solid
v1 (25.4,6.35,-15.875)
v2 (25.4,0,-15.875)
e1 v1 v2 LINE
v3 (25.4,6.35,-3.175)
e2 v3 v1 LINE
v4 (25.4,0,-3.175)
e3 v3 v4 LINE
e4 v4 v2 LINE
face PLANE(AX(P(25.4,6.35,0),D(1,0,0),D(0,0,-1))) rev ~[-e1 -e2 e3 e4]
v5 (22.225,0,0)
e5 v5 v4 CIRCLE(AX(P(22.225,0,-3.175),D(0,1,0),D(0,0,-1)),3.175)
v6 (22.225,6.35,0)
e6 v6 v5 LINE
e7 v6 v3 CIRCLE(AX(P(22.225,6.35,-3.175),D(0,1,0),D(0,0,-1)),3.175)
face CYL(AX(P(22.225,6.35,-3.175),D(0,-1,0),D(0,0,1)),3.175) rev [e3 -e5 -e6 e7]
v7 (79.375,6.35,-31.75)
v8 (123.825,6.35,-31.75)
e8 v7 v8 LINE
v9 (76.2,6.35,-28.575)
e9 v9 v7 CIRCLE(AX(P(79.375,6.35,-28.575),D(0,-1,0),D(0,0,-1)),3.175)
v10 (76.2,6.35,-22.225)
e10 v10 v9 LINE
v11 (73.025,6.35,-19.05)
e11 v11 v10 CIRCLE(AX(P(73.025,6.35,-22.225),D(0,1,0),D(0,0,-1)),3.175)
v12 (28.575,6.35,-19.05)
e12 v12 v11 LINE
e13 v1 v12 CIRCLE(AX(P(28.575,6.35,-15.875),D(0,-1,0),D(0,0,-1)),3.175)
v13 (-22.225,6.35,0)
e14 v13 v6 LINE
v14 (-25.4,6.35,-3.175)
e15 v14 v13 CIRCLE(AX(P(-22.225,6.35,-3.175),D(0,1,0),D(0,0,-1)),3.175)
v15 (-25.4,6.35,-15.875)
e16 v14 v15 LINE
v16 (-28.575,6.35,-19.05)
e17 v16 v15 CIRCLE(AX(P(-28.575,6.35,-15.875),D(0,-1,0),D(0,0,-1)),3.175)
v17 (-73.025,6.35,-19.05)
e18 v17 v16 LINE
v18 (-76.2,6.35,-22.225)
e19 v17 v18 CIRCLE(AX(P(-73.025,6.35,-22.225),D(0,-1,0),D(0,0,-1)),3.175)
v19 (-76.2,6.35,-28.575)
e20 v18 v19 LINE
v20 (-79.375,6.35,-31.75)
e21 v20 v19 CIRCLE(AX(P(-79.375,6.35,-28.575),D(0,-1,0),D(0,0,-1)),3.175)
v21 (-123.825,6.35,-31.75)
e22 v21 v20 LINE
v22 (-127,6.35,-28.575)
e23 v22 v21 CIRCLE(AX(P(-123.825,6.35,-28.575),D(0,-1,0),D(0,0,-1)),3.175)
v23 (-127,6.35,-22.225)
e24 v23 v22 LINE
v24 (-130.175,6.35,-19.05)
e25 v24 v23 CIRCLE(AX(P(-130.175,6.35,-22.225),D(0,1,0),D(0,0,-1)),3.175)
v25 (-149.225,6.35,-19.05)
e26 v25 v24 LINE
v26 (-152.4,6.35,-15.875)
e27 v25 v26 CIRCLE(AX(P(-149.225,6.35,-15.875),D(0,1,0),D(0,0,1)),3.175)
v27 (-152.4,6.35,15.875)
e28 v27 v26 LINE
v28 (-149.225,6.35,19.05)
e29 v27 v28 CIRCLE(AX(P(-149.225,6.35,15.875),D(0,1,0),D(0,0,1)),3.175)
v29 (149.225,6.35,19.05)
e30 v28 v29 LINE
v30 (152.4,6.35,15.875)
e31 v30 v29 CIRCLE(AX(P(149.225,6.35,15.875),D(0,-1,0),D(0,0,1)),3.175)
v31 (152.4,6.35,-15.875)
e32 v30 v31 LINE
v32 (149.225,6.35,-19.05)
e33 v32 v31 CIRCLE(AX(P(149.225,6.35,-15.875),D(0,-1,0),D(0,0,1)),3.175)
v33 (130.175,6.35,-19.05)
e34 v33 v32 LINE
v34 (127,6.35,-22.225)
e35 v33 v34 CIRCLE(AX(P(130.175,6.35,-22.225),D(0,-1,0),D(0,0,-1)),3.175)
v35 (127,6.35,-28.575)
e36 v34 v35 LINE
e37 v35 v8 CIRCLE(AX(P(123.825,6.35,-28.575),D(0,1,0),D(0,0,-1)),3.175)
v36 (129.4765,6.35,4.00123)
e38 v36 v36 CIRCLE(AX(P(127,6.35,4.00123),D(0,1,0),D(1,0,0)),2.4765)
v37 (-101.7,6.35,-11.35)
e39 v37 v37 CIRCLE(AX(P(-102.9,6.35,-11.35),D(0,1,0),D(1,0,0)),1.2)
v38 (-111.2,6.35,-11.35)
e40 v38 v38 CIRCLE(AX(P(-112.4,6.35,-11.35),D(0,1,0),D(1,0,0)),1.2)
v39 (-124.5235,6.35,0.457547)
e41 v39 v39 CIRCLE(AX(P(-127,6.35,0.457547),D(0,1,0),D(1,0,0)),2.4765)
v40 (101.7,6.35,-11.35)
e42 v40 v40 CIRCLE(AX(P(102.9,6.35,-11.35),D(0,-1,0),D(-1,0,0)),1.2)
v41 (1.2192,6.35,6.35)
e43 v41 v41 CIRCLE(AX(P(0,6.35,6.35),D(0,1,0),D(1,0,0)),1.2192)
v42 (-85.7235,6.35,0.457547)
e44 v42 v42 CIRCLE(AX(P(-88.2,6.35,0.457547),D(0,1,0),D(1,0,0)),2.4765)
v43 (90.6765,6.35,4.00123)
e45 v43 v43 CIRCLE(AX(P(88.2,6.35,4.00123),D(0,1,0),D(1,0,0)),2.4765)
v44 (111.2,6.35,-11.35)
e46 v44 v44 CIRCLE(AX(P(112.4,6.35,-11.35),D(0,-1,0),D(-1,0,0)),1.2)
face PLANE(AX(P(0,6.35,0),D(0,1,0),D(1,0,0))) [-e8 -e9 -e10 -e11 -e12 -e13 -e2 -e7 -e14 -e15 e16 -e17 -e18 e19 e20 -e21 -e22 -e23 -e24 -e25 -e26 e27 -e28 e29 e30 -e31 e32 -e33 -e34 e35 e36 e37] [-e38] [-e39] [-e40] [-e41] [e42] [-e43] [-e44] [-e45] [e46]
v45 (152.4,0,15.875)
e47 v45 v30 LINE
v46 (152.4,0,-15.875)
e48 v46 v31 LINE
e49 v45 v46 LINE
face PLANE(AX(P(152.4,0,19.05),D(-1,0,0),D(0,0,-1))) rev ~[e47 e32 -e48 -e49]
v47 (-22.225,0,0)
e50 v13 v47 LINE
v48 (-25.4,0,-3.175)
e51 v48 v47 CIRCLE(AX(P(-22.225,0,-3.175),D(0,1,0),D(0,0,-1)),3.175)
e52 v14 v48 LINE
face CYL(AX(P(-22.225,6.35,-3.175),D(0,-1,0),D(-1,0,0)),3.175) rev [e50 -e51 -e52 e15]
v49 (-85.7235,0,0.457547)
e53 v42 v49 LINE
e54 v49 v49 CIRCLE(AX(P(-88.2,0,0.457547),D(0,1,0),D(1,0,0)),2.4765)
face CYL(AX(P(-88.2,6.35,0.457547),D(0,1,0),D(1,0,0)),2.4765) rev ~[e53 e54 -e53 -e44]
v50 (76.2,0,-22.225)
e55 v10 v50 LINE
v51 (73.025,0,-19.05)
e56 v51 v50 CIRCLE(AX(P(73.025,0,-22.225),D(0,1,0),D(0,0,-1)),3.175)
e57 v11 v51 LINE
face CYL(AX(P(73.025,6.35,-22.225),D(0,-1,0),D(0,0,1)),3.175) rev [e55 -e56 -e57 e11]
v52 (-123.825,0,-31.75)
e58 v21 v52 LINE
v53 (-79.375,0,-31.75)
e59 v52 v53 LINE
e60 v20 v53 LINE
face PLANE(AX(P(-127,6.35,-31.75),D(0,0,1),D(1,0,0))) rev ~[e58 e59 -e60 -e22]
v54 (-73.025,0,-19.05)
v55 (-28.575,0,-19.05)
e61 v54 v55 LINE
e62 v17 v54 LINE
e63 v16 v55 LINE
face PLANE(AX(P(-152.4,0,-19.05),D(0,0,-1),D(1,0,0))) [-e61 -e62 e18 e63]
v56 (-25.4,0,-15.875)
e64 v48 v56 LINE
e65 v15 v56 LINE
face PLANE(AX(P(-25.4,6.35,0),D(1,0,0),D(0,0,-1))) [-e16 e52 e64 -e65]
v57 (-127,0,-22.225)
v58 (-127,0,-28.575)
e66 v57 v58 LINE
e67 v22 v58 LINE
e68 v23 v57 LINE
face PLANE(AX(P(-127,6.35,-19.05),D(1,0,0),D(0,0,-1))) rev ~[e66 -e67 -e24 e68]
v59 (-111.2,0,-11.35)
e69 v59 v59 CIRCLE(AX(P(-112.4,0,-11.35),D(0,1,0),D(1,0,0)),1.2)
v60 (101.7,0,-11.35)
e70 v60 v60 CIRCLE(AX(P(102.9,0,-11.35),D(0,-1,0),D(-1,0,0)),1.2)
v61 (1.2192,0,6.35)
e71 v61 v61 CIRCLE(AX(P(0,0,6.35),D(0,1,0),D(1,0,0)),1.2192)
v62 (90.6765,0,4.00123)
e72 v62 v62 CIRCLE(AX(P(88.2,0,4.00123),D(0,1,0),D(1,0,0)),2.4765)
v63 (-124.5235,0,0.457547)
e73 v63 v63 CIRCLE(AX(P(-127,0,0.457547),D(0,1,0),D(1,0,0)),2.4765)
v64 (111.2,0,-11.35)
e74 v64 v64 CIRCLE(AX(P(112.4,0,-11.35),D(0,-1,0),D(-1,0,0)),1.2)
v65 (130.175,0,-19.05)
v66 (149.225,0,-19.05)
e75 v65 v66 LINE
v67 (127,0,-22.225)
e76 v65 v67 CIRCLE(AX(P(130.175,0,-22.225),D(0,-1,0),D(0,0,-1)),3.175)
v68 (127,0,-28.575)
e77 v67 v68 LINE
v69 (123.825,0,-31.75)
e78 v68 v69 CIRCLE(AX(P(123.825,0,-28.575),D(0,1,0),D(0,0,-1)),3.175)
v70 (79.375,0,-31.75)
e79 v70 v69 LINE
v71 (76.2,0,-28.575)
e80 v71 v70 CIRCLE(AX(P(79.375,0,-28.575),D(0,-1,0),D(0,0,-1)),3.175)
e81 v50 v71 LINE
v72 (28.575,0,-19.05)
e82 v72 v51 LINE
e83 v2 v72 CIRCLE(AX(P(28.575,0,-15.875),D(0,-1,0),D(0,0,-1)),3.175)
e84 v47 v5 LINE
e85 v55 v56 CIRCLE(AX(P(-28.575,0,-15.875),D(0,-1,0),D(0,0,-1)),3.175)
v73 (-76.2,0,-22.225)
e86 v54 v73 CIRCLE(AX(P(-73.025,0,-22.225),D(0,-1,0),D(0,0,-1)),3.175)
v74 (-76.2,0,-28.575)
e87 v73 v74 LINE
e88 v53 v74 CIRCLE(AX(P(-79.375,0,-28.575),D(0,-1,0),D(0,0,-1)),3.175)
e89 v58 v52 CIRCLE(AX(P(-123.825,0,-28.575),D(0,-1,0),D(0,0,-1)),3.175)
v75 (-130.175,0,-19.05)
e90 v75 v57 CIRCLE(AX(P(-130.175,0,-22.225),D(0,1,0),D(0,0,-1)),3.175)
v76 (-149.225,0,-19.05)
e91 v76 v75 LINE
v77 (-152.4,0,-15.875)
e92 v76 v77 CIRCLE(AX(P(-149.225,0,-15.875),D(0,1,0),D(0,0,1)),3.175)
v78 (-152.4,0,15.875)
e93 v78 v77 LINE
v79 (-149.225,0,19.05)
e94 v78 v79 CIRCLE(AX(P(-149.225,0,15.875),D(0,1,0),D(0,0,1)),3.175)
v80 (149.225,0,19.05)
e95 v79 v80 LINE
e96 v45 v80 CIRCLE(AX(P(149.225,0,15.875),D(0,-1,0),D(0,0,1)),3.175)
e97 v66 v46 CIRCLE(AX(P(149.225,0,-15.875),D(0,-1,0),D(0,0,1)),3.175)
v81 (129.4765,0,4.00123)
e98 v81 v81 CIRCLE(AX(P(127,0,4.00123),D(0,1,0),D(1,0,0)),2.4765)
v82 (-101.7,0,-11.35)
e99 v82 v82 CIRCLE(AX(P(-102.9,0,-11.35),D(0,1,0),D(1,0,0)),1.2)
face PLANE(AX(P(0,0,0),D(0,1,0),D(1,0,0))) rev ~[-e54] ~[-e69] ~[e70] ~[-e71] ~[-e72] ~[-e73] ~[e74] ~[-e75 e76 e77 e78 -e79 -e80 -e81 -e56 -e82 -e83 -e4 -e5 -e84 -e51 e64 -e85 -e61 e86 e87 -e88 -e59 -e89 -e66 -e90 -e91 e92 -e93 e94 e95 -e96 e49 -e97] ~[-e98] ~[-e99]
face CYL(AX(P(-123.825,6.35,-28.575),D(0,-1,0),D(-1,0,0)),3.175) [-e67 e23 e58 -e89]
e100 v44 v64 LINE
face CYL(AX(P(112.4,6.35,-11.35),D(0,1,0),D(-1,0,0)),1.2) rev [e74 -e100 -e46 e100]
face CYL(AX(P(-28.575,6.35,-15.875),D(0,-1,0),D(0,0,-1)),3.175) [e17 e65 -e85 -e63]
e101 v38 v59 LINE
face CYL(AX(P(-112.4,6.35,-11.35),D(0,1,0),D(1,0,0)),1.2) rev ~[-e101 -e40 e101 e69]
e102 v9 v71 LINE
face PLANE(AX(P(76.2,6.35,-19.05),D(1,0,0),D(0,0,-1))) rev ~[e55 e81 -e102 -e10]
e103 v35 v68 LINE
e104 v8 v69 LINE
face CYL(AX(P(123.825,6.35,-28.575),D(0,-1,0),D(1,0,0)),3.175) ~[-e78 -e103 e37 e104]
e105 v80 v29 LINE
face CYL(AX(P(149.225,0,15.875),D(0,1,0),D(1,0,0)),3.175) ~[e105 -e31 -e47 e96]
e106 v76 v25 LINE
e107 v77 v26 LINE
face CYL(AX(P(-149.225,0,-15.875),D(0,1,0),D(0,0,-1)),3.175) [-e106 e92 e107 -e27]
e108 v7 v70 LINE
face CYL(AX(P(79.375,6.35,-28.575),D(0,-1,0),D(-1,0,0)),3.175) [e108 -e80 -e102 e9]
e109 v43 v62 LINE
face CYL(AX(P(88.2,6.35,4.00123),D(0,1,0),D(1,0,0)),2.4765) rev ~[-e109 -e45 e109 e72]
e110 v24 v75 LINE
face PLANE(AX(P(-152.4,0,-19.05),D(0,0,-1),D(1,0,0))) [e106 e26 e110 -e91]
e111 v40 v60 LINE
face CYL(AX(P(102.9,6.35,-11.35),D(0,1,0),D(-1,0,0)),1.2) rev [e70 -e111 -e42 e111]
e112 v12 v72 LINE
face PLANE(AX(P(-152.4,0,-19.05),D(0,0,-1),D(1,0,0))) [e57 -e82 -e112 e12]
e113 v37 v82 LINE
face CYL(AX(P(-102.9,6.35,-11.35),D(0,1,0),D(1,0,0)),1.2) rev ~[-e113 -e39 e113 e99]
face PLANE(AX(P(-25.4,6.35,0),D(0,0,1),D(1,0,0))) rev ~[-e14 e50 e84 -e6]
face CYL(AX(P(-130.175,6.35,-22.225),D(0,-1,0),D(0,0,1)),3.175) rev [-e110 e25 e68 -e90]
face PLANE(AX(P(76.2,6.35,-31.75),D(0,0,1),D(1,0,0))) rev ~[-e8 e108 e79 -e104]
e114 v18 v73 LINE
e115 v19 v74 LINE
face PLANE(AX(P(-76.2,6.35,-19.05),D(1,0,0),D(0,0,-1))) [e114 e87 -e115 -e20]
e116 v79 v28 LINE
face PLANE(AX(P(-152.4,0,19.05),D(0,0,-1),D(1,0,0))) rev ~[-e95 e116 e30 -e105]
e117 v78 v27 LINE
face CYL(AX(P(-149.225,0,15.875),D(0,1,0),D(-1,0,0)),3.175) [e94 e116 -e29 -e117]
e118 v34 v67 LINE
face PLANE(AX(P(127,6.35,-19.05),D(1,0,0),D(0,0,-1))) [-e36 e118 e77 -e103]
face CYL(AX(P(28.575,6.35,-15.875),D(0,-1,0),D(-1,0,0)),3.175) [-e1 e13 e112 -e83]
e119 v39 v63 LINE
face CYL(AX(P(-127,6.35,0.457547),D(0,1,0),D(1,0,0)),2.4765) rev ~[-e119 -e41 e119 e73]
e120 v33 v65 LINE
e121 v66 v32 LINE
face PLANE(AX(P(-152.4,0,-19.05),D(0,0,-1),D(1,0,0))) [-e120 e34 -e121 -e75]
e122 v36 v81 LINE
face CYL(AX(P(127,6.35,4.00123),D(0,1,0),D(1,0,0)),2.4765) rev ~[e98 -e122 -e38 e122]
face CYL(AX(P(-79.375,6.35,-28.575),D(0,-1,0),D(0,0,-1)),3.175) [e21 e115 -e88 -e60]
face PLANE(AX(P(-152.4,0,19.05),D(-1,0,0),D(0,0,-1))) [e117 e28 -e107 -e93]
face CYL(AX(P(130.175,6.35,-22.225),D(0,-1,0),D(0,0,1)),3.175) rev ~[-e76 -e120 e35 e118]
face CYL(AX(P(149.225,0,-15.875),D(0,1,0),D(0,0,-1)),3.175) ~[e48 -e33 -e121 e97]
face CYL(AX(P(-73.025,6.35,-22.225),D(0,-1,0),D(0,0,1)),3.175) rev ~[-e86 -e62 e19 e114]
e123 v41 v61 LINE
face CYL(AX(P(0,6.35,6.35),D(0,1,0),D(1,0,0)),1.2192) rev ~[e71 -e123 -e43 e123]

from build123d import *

# Parameters (mm, degrees)
SKETCH1_W           = 304.8
SKETCH1_H           = 38.1
BOSS_EXTRUDE1_DEPTH = 6.35
SKETCH5_W           = 50.8
SKETCH5_H           = 12.7
BOSS_EXTRUDE2_DEPTH = 6.35
FILLET1_R           = 3.175
FILLET2_R           = 3.175
SKETCH2_R           = 1.4732
CUT_EXTRUDE1_DEPTH  = 6.35
SKETCH3_R           = 1.2
CUT_EXTRUDE2_DEPTH  = 6.35
SKETCH4_R           = 2.4765
CUT_EXTRUDE3_DEPTH  = 6.35
SKETCH6_W           = 50.8
SKETCH6_H           = 19.05
CUT_EXTRUDE4_DEPTH  = 6.35
FILLET3_R           = 3.175
SKETCH7_R           = 1.2192
CUT_EXTRUDE5_DEPTH  = 6.35


with BuildPart() as part:
    # Sketch1 → Boss-Extrude1 (new body)
    with BuildSketch(Plane(origin=(0, 0, 0), x_dir=(1, 0, 0), z_dir=(0, 1, 0))):
        Rectangle(SKETCH1_W, SKETCH1_H)
    extrude(amount=BOSS_EXTRUDE1_DEPTH)

    # Sketch5 → Boss-Extrude2 (add)
    with BuildSketch(Plane(origin=(0, 6.35, 0), x_dir=(1, 0, 0), z_dir=(0, 1, 0))):
        with Locations((-101.6, 25.4)):
            Rectangle(SKETCH5_W, SKETCH5_H)
        with Locations((101.6, 25.4)):
            Rectangle(SKETCH5_W, SKETCH5_H)
    extrude(amount=-BOSS_EXTRUDE2_DEPTH)

    # Fillet1
    fillet1_edges = [part.edges().sort_by_distance(p)[0] for p in [
        (127, 3.175, -19.05),
        (127, 3.175, -31.75),
        (76.2, 3.175, -31.75),
        (76.2, 3.175, -19.05),
        (-76.2, 3.175, -19.05),
        (-76.2, 3.175, -31.75),
        (-127, 3.175, -31.75),
        (-127, 3.175, -19.05),
    ]]
    fillet(fillet1_edges, radius=FILLET1_R)

    # Fillet2
    fillet2_edges = [part.edges().sort_by_distance(p)[0] for p in [
        (152.4, 3.175, -19.05),
        (152.4, 3.175, 19.05),
        (-152.4, 3.175, 19.05),
        (-152.4, 3.175, -19.05),
    ]]
    fillet(fillet2_edges, radius=FILLET2_R)

    # Sketch2 → Cut-Extrude1 (cut)
    with BuildSketch(Plane(origin=(0, 6.35, 0), x_dir=(1, 0, 0), z_dir=(0, 1, 0))):
        with Locations((0, 12.7)):
            Circle(SKETCH2_R)
    extrude(amount=-CUT_EXTRUDE1_DEPTH, mode=Mode.SUBTRACT)

    # Sketch3 → Cut-Extrude2 (cut)
    with BuildSketch(Plane(origin=(0, 6.35, 0), x_dir=(1, 0, 0), z_dir=(0, 1, 0))):
        with Locations((-112.4, 11.35)):
            Circle(SKETCH3_R)
        with Locations((-102.9, 11.35)):
            Circle(SKETCH3_R)
    cut_extrude2 = extrude(amount=-CUT_EXTRUDE2_DEPTH, mode=Mode.SUBTRACT)

    # Mirror1: Cut-Extrude2 across plane
    add(cut_extrude2.mirror(Plane(origin=(0, 0, 0), x_dir=(0, 0, 1), z_dir=(1, 0, 0))), mode=Mode.SUBTRACT)

    # Sketch4 → Cut-Extrude3 (cut)
    with BuildSketch(Plane(origin=(0, 6.35, 0), x_dir=(1, 0, 0), z_dir=(0, 1, 0))):
        with Locations((-127, -0.457547173)):
            Circle(SKETCH4_R)
        with Locations((-88.2, -0.457547173)):
            Circle(SKETCH4_R)
        with Locations((88.2, -4.001229652)):
            Circle(SKETCH4_R)
        with Locations((127, -4.001229652)):
            Circle(SKETCH4_R)
    extrude(amount=-CUT_EXTRUDE3_DEPTH, mode=Mode.SUBTRACT)

    # Sketch6 → Cut-Extrude4 (cut)
    with BuildSketch(Plane(origin=(0, 6.35, 0), x_dir=(1, 0, 0), z_dir=(0, 1, 0))):
        with Locations((0, 9.525)):
            Rectangle(SKETCH6_W, SKETCH6_H)
    extrude(amount=-CUT_EXTRUDE4_DEPTH, mode=Mode.SUBTRACT)

    # Fillet3
    fillet3_edges = [part.edges().sort_by_distance(p)[0] for p in [
        (25.4, 3.175, -19.05),
        (25.4, 3.175, 0),
        (-25.4, 3.175, 0),
        (-25.4, 3.175, -19.05),
    ]]
    fillet(fillet3_edges, radius=FILLET3_R)

    # Sketch7 → Cut-Extrude5 (cut)
    with BuildSketch(Plane(origin=(0, 6.35, 0), x_dir=(1, 0, 0), z_dir=(0, 1, 0))):
        with Locations((0, -6.35)):
            Circle(SKETCH7_R)
    extrude(amount=-CUT_EXTRUDE5_DEPTH, mode=Mode.SUBTRACT)


solid = part.part
